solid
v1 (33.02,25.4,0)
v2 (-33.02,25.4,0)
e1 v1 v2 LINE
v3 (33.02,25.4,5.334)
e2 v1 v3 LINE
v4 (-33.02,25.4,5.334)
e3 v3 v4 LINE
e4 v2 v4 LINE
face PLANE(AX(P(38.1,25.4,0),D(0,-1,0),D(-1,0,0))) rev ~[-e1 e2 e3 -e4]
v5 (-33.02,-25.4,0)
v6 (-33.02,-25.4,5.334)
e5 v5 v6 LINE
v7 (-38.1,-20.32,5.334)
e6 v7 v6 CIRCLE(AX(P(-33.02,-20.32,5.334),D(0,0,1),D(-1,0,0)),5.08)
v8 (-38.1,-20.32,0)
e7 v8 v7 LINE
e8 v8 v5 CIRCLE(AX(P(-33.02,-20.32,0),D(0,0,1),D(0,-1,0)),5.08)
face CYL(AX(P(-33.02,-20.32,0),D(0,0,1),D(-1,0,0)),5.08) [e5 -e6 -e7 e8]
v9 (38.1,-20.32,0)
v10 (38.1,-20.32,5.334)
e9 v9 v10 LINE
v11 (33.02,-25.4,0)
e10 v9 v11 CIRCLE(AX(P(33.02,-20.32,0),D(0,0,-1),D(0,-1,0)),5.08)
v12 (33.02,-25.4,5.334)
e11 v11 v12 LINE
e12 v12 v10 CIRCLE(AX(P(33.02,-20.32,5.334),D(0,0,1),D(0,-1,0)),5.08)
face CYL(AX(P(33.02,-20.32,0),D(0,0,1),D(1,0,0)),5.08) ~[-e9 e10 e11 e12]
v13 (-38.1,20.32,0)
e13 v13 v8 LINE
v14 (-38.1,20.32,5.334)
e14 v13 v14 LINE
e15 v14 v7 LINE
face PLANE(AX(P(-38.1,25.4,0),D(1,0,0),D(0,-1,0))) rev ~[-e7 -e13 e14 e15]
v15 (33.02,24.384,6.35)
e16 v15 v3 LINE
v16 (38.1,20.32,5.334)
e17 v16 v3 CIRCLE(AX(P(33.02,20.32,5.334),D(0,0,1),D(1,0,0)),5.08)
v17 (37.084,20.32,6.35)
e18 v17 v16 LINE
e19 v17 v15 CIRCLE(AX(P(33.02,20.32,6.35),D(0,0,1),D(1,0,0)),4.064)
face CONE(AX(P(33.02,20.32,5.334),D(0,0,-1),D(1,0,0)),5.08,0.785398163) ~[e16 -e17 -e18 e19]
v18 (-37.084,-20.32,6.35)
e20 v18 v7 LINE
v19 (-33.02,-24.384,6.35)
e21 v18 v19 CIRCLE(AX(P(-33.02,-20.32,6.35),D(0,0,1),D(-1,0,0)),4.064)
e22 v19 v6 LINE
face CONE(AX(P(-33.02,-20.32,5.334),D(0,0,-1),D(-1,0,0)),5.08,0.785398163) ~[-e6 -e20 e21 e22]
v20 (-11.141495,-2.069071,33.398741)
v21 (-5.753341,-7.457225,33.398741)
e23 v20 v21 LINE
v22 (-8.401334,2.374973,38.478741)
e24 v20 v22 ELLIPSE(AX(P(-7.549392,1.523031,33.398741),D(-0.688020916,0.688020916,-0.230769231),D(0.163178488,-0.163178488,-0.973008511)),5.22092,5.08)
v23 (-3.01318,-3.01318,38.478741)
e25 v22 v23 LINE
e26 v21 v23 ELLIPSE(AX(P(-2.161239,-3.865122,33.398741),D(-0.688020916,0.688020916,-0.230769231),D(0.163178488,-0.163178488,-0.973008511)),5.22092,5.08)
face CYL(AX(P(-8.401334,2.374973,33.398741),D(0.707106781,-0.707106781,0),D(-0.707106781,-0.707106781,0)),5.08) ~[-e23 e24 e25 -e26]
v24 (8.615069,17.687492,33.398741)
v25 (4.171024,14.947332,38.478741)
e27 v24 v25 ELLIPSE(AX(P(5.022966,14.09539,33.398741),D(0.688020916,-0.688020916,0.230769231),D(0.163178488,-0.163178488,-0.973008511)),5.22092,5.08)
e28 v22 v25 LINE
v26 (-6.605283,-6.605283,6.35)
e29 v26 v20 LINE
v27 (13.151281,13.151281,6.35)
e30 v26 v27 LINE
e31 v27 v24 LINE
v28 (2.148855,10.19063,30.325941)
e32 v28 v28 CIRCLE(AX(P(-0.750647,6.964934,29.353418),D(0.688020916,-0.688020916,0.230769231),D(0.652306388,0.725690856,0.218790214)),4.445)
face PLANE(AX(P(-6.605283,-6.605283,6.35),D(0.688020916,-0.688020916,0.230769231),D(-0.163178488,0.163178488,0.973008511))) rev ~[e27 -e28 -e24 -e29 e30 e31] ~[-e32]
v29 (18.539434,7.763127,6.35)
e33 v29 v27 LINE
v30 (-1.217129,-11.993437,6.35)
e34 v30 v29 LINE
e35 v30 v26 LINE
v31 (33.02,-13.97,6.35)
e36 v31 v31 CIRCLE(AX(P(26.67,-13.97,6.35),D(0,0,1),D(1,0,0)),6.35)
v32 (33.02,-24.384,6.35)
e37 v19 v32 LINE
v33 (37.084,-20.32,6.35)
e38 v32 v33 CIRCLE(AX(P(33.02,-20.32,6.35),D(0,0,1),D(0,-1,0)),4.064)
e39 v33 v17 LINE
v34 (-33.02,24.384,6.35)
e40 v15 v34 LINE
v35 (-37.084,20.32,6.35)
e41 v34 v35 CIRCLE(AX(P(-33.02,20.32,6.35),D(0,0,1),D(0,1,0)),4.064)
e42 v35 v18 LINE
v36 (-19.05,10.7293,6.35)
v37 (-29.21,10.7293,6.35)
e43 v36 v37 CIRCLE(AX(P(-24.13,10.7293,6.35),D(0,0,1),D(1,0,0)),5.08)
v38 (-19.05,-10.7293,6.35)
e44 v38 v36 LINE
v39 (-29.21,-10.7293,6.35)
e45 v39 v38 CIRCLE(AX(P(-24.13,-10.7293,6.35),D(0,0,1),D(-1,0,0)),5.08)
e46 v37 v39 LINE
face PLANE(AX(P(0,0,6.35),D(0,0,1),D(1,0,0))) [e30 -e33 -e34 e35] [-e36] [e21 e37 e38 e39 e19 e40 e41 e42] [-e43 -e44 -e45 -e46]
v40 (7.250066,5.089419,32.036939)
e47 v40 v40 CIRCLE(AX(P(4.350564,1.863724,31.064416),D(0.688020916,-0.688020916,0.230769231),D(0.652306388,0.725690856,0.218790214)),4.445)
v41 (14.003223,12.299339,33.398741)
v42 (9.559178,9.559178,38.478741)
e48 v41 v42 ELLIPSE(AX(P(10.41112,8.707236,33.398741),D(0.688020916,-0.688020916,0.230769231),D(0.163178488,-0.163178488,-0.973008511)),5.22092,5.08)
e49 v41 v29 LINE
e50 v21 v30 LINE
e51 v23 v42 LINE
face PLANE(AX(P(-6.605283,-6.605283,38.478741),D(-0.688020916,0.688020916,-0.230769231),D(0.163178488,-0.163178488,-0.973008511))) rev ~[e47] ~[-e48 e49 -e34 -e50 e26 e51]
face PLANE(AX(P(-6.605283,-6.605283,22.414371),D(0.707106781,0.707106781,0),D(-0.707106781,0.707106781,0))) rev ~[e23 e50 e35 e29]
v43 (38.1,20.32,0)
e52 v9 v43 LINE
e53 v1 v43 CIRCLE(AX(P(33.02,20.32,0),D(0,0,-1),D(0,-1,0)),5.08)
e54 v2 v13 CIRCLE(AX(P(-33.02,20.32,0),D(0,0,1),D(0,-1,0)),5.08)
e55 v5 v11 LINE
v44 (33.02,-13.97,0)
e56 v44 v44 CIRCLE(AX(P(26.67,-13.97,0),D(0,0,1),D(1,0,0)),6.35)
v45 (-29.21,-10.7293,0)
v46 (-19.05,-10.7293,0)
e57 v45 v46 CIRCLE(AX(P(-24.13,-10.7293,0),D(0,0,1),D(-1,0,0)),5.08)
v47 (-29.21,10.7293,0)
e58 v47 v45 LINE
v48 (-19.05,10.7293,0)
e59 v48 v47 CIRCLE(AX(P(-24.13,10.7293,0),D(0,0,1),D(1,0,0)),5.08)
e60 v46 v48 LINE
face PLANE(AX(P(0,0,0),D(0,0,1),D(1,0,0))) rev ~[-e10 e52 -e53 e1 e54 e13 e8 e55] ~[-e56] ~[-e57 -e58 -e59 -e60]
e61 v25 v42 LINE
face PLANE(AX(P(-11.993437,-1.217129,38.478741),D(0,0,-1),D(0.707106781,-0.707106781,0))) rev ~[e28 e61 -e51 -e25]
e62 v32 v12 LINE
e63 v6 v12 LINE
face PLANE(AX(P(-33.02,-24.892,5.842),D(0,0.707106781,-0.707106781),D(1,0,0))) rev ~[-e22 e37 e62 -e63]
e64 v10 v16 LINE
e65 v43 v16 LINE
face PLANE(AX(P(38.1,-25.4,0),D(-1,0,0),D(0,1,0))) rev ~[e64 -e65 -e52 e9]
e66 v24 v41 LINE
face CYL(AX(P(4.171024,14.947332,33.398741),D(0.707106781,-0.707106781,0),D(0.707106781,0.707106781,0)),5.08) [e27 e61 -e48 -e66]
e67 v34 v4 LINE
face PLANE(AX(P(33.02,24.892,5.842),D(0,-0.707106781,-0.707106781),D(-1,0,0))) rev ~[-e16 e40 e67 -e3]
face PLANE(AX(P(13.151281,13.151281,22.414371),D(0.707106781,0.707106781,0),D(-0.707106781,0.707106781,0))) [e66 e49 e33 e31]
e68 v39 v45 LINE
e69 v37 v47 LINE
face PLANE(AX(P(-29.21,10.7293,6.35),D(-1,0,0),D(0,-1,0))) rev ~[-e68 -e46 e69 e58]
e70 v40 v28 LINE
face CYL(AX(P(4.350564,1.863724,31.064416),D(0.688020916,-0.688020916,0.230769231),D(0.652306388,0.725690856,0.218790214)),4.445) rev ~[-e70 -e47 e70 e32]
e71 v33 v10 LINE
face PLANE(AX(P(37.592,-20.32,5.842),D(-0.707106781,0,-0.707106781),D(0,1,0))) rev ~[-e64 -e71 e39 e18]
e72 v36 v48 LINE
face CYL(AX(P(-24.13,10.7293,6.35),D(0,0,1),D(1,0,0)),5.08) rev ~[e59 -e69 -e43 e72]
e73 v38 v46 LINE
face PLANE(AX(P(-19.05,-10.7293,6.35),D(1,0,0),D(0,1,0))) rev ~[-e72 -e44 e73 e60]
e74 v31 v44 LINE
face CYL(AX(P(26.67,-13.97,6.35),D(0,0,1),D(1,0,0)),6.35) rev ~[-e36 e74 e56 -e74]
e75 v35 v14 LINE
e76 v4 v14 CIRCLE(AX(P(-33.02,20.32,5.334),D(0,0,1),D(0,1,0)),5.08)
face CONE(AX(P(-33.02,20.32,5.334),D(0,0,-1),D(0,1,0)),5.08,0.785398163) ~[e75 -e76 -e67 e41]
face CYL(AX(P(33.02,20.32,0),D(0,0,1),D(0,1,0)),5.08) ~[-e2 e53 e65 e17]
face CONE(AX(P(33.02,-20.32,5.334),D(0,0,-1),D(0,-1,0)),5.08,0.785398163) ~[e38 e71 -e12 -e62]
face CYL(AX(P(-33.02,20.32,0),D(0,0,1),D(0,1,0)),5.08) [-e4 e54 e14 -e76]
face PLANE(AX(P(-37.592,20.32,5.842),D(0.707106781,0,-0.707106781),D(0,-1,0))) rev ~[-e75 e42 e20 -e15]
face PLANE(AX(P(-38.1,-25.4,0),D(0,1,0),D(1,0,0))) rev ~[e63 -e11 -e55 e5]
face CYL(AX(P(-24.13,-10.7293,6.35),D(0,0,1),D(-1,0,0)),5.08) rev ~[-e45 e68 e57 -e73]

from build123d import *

# Parameters (mm, degrees)
F1_DEPTH = 6.35
F2_R     = 6.35
F3_DEPTH = 25.4
F6_START = 35.56
F6_DEPTH = 27.94
F7_R     = 5.08
F8_R     = 4.445
F9_DEPTH = 25.4
F10_R    = 5.08
F11_SIZE = 1.016


with BuildPart() as f1:
    # F0 (on Top) → F1 (new body)
    with BuildSketch(Plane.XY):
        Polygon((38.1, 25.4), (0, 25.4), (-38.1, 25.4), (-38.1, 0), (-38.1, -25.4), (0, -25.4), (38.1, -25.4), (38.1, 0), align=None)
    extrude(amount=F1_DEPTH)

    # F2 (on face) → F3 (cut)
    with BuildSketch(Plane.XY.offset(6.35)):
        with BuildLine():
            Line((-19.05, 0), (-19.05, 10.7293000911))
            ThreePointArc((-19.05, 10.7293000911), (-24.13, 15.8093000911), (-29.21, 10.7293000911))
            Line((-29.21, 10.7293000911), (-29.21, 0))
            Line((-29.21, 0), (-29.21, -10.7293000911))
            ThreePointArc((-29.21, -10.7293000911), (-24.13, -15.8093000911), (-19.05, -10.7293000911))
            Line((-19.05, -10.7293000911), (-19.05, 0))
        make_face()
        with Locations((26.67, -13.97)):
            Circle(F2_R)
    extrude(amount=-F3_DEPTH, mode=Mode.SUBTRACT)

    # F5 (on face) → F6 (join)
    with BuildSketch(Plane(origin=(-31.75, -31.75, 0), x_dir=(-0.7071067812, 0.7071067812, 0), z_dir=(0.7071067812, 0.7071067812, 0)).offset(F6_START)):
        Polygon((-7.62, 6.35), (0, 6.35), (7.62, 38.4787410273), (0, 38.4787410273), align=None)
    extrude(amount=F6_DEPTH)

    # F7
    f7_edges = [f1.edges().sort_by_distance(p)[0] for p in [
        (-9.29936, -3.911206, 38.478741),
        (10.457204, 15.845357, 38.478741),
    ]]
    fillet(f7_edges, radius=F7_R)

    # F8 (on face) → F9 (cut)
    with BuildSketch(Plane(origin=(6.1094258432, -6.1094258432, 2.0491637233), x_dir=(0.6523063877, 0.7256908563, 0.2187902138), z_dir=(0.6880209162, -0.6880209162, 0.2307692308))):
        with Locations((10.9869780004, 28.0684145883)):
            Circle(F8_R)
    extrude(amount=-F9_DEPTH, mode=Mode.SUBTRACT)

    # F10
    f10_edges = [f1.edges().sort_by_distance(p)[0] for p in [
        (38.1, -25.4, 3.175),
        (38.1, 25.4, 3.175),
        (-38.1, -25.4, 3.175),
        (-38.1, 25.4, 3.175),
    ]]
    fillet(f10_edges, radius=F10_R)

    # F11
    f11_edges = [f1.edges().sort_by_distance(p)[0] for p in [
        (0, -25.4, 6.35),
        (38.1, 0, 6.35),
        (36.612102, -23.912102, 6.35),
        (36.612102, 23.912102, 6.35),
        (0, 25.4, 6.35),
        (-36.612102, 23.912102, 6.35),
        (-38.1, 0, 6.35),
        (-36.612102, -23.912102, 6.35),
    ]]
    chamfer(f11_edges, length=F11_SIZE)


solid = f1.part
